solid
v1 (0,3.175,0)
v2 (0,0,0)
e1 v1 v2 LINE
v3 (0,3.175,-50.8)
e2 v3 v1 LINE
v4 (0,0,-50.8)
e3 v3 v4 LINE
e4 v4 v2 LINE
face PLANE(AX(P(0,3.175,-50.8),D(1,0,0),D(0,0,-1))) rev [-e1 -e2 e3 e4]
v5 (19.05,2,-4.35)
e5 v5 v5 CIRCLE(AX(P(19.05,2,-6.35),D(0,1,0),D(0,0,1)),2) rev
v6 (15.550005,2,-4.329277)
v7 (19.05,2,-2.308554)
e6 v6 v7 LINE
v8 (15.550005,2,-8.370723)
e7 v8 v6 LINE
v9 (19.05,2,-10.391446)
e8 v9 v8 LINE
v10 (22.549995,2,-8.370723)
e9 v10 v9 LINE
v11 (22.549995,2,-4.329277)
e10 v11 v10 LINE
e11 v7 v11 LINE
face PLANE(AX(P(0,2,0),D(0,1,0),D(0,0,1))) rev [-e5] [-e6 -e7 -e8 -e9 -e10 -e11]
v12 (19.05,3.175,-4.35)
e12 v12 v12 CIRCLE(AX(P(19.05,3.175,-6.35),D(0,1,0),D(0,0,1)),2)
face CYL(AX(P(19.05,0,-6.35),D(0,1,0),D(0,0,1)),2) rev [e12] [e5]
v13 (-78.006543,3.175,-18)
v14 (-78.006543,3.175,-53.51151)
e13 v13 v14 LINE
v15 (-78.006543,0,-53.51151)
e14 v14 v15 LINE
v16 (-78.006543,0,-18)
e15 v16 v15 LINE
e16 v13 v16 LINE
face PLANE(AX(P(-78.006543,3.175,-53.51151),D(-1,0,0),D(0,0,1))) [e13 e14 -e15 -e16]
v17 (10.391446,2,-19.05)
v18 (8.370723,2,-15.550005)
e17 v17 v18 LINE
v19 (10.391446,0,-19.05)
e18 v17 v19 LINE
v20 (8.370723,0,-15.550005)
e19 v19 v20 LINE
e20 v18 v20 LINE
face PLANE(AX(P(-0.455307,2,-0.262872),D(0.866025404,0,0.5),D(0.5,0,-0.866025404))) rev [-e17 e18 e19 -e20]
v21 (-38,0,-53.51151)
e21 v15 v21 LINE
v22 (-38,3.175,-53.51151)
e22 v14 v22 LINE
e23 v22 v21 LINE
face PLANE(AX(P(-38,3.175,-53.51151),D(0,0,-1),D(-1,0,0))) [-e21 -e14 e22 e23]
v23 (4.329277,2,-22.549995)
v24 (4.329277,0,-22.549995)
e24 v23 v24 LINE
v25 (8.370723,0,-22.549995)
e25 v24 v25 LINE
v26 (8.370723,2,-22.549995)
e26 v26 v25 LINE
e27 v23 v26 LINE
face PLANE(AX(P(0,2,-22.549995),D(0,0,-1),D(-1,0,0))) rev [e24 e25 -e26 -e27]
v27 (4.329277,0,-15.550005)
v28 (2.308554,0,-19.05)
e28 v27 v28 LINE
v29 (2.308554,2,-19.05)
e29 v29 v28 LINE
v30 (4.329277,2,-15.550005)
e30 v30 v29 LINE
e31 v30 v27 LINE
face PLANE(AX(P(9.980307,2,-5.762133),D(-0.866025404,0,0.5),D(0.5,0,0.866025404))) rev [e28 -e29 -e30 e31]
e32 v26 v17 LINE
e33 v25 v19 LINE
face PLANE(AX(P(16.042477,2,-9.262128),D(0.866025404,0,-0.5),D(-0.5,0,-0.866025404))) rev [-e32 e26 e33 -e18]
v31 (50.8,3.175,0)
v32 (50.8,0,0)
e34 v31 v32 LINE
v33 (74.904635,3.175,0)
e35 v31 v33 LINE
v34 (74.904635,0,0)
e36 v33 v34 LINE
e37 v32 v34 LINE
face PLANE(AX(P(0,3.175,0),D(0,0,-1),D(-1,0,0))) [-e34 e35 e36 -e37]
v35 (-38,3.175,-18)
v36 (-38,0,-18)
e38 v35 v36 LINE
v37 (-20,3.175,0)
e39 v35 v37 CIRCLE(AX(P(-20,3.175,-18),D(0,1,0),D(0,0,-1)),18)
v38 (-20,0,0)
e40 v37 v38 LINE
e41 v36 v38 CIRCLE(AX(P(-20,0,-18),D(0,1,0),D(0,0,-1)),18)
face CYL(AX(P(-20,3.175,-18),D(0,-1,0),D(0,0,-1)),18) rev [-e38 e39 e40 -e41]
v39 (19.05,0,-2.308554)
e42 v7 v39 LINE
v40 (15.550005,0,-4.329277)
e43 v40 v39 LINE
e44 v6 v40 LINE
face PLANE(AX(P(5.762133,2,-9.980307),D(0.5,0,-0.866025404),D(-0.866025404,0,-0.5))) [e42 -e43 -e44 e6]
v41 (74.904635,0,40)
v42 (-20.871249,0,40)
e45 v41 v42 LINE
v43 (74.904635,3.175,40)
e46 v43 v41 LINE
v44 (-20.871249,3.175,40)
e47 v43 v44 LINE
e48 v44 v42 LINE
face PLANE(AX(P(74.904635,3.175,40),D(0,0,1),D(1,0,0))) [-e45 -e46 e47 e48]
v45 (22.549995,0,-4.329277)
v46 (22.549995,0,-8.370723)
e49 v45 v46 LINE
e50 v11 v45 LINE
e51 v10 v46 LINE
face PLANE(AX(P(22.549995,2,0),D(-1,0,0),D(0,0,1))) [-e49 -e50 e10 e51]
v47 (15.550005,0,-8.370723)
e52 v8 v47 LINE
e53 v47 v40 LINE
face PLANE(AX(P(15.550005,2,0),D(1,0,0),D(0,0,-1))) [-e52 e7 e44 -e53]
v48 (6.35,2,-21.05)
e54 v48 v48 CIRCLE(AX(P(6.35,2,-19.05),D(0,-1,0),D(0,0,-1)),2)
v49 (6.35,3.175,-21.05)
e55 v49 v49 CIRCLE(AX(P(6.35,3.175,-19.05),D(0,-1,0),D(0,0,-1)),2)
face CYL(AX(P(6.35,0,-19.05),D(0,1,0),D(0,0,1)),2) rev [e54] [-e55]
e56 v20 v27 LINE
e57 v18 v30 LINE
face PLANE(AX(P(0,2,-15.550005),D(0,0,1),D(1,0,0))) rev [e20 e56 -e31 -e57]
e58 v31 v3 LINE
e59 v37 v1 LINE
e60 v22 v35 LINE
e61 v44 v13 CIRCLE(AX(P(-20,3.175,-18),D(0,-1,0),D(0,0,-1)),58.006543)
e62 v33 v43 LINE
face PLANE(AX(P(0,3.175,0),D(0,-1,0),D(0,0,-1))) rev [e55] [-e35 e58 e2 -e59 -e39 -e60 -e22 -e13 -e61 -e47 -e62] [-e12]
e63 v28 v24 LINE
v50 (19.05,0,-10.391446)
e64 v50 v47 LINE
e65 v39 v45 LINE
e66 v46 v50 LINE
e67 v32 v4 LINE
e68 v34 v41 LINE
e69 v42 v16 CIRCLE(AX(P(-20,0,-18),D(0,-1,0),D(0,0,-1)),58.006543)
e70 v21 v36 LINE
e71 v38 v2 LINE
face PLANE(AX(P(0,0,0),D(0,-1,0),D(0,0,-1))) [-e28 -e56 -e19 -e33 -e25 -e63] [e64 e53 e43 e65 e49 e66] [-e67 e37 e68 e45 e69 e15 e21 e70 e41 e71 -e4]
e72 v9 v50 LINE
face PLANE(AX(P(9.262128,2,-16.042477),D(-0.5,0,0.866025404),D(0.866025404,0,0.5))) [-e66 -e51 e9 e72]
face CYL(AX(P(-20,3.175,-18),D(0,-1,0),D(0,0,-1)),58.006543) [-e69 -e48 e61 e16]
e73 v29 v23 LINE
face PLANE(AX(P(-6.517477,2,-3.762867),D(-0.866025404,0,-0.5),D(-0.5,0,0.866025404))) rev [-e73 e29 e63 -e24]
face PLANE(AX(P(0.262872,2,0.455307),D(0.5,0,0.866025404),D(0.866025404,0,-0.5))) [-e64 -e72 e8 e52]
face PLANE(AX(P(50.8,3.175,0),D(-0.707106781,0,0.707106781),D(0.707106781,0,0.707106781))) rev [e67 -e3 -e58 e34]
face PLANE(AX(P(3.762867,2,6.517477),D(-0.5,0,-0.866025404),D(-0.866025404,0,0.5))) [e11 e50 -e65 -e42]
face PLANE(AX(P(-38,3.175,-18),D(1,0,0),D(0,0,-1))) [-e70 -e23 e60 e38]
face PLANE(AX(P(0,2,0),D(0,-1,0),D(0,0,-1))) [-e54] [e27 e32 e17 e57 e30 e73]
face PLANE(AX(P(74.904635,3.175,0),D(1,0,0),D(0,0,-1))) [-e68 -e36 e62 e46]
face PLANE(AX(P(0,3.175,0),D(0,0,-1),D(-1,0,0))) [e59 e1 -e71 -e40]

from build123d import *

# Parameters (mm, degrees)
BOSS_EXTRUDE1_DEPTH = 3.175
SKETCH2_R           = 2
CUT_EXTRUDE1_DEPTH  = 72.912172996
CUT_EXTRUDE2_START  = -3.175
CUT_EXTRUDE2_DEPTH  = 2
BOSS_EXTRUDE2_DEPTH = 3.175


with BuildPart() as part:
    # Sketch1 → Boss-Extrude1 (new body)
    with BuildSketch(Plane(origin=(0, 0, 0), x_dir=(1, 0, 0), z_dir=(0, 1, 0))):
        Polygon((0, 0), (50.8, 0), (0, 50.8), align=None)
    extrude(amount=BOSS_EXTRUDE1_DEPTH)

    # Sketch2 → Cut-Extrude1 (cut, through all)
    with BuildSketch(Plane(origin=(0, 3.175, 0), x_dir=(1, 0, 0), z_dir=(0, 1, 0))):
        with Locations(Location((19.05, 6.35, 0), (0, 0, 270))):
            Circle(SKETCH2_R)
        with Locations(Location((6.35, 19.05, 0), (0, 0, 90))):
            Circle(SKETCH2_R)
    extrude(amount=-CUT_EXTRUDE1_DEPTH, mode=Mode.SUBTRACT)

    # Sketch3 → Cut-Extrude2 (cut)
    with BuildSketch(Plane(origin=(0, 3.175, 0), x_dir=(1, 0, 0), z_dir=(0, 1, 0)).offset(CUT_EXTRUDE2_START)):
        Polygon((8.370723055, 15.550005), (10.391446111, 19.05), (8.370723055, 22.549995), (4.329276945, 22.549995), (2.308553889, 19.05), (4.329276945, 15.550005), align=None)
        Polygon((22.549995, 4.329276945), (19.05, 2.308553889), (15.550005, 4.329276945), (15.550005, 8.370723055), (19.05, 10.391446111), (22.549995, 8.370723055), align=None)
    extrude(amount=CUT_EXTRUDE2_DEPTH, mode=Mode.SUBTRACT)

    # Sketch4 → Boss-Extrude2 (add, through all)
    with BuildSketch(Plane(origin=(0, 0, 0), x_dir=(-1, 0, 0), z_dir=(0, -1, 0))):
        with BuildLine():
            Line((0, 0), (-74.904635469, 0))
            Line((-74.904635469, 0), (-74.904635469, -40))
            Line((-74.904635469, -40), (20.871249235, -40))
            ThreePointArc((20.871249235, -40), (61.323705254, -22.707621637), (78.006543383, 18))
            Line((78.006543383, 18), (78.006543383, 53.511510239))
            Line((78.006543383, 53.511510239), (38, 53.511510239))
            Line((38, 53.511510239), (38, 18))
            ThreePointArc((38, 18), (32.727922061, 5.272077939), (20, 0))
            Line((20, 0), (0, 0))
        make_face()
    extrude(amount=-BOSS_EXTRUDE2_DEPTH)


solid = part.part
